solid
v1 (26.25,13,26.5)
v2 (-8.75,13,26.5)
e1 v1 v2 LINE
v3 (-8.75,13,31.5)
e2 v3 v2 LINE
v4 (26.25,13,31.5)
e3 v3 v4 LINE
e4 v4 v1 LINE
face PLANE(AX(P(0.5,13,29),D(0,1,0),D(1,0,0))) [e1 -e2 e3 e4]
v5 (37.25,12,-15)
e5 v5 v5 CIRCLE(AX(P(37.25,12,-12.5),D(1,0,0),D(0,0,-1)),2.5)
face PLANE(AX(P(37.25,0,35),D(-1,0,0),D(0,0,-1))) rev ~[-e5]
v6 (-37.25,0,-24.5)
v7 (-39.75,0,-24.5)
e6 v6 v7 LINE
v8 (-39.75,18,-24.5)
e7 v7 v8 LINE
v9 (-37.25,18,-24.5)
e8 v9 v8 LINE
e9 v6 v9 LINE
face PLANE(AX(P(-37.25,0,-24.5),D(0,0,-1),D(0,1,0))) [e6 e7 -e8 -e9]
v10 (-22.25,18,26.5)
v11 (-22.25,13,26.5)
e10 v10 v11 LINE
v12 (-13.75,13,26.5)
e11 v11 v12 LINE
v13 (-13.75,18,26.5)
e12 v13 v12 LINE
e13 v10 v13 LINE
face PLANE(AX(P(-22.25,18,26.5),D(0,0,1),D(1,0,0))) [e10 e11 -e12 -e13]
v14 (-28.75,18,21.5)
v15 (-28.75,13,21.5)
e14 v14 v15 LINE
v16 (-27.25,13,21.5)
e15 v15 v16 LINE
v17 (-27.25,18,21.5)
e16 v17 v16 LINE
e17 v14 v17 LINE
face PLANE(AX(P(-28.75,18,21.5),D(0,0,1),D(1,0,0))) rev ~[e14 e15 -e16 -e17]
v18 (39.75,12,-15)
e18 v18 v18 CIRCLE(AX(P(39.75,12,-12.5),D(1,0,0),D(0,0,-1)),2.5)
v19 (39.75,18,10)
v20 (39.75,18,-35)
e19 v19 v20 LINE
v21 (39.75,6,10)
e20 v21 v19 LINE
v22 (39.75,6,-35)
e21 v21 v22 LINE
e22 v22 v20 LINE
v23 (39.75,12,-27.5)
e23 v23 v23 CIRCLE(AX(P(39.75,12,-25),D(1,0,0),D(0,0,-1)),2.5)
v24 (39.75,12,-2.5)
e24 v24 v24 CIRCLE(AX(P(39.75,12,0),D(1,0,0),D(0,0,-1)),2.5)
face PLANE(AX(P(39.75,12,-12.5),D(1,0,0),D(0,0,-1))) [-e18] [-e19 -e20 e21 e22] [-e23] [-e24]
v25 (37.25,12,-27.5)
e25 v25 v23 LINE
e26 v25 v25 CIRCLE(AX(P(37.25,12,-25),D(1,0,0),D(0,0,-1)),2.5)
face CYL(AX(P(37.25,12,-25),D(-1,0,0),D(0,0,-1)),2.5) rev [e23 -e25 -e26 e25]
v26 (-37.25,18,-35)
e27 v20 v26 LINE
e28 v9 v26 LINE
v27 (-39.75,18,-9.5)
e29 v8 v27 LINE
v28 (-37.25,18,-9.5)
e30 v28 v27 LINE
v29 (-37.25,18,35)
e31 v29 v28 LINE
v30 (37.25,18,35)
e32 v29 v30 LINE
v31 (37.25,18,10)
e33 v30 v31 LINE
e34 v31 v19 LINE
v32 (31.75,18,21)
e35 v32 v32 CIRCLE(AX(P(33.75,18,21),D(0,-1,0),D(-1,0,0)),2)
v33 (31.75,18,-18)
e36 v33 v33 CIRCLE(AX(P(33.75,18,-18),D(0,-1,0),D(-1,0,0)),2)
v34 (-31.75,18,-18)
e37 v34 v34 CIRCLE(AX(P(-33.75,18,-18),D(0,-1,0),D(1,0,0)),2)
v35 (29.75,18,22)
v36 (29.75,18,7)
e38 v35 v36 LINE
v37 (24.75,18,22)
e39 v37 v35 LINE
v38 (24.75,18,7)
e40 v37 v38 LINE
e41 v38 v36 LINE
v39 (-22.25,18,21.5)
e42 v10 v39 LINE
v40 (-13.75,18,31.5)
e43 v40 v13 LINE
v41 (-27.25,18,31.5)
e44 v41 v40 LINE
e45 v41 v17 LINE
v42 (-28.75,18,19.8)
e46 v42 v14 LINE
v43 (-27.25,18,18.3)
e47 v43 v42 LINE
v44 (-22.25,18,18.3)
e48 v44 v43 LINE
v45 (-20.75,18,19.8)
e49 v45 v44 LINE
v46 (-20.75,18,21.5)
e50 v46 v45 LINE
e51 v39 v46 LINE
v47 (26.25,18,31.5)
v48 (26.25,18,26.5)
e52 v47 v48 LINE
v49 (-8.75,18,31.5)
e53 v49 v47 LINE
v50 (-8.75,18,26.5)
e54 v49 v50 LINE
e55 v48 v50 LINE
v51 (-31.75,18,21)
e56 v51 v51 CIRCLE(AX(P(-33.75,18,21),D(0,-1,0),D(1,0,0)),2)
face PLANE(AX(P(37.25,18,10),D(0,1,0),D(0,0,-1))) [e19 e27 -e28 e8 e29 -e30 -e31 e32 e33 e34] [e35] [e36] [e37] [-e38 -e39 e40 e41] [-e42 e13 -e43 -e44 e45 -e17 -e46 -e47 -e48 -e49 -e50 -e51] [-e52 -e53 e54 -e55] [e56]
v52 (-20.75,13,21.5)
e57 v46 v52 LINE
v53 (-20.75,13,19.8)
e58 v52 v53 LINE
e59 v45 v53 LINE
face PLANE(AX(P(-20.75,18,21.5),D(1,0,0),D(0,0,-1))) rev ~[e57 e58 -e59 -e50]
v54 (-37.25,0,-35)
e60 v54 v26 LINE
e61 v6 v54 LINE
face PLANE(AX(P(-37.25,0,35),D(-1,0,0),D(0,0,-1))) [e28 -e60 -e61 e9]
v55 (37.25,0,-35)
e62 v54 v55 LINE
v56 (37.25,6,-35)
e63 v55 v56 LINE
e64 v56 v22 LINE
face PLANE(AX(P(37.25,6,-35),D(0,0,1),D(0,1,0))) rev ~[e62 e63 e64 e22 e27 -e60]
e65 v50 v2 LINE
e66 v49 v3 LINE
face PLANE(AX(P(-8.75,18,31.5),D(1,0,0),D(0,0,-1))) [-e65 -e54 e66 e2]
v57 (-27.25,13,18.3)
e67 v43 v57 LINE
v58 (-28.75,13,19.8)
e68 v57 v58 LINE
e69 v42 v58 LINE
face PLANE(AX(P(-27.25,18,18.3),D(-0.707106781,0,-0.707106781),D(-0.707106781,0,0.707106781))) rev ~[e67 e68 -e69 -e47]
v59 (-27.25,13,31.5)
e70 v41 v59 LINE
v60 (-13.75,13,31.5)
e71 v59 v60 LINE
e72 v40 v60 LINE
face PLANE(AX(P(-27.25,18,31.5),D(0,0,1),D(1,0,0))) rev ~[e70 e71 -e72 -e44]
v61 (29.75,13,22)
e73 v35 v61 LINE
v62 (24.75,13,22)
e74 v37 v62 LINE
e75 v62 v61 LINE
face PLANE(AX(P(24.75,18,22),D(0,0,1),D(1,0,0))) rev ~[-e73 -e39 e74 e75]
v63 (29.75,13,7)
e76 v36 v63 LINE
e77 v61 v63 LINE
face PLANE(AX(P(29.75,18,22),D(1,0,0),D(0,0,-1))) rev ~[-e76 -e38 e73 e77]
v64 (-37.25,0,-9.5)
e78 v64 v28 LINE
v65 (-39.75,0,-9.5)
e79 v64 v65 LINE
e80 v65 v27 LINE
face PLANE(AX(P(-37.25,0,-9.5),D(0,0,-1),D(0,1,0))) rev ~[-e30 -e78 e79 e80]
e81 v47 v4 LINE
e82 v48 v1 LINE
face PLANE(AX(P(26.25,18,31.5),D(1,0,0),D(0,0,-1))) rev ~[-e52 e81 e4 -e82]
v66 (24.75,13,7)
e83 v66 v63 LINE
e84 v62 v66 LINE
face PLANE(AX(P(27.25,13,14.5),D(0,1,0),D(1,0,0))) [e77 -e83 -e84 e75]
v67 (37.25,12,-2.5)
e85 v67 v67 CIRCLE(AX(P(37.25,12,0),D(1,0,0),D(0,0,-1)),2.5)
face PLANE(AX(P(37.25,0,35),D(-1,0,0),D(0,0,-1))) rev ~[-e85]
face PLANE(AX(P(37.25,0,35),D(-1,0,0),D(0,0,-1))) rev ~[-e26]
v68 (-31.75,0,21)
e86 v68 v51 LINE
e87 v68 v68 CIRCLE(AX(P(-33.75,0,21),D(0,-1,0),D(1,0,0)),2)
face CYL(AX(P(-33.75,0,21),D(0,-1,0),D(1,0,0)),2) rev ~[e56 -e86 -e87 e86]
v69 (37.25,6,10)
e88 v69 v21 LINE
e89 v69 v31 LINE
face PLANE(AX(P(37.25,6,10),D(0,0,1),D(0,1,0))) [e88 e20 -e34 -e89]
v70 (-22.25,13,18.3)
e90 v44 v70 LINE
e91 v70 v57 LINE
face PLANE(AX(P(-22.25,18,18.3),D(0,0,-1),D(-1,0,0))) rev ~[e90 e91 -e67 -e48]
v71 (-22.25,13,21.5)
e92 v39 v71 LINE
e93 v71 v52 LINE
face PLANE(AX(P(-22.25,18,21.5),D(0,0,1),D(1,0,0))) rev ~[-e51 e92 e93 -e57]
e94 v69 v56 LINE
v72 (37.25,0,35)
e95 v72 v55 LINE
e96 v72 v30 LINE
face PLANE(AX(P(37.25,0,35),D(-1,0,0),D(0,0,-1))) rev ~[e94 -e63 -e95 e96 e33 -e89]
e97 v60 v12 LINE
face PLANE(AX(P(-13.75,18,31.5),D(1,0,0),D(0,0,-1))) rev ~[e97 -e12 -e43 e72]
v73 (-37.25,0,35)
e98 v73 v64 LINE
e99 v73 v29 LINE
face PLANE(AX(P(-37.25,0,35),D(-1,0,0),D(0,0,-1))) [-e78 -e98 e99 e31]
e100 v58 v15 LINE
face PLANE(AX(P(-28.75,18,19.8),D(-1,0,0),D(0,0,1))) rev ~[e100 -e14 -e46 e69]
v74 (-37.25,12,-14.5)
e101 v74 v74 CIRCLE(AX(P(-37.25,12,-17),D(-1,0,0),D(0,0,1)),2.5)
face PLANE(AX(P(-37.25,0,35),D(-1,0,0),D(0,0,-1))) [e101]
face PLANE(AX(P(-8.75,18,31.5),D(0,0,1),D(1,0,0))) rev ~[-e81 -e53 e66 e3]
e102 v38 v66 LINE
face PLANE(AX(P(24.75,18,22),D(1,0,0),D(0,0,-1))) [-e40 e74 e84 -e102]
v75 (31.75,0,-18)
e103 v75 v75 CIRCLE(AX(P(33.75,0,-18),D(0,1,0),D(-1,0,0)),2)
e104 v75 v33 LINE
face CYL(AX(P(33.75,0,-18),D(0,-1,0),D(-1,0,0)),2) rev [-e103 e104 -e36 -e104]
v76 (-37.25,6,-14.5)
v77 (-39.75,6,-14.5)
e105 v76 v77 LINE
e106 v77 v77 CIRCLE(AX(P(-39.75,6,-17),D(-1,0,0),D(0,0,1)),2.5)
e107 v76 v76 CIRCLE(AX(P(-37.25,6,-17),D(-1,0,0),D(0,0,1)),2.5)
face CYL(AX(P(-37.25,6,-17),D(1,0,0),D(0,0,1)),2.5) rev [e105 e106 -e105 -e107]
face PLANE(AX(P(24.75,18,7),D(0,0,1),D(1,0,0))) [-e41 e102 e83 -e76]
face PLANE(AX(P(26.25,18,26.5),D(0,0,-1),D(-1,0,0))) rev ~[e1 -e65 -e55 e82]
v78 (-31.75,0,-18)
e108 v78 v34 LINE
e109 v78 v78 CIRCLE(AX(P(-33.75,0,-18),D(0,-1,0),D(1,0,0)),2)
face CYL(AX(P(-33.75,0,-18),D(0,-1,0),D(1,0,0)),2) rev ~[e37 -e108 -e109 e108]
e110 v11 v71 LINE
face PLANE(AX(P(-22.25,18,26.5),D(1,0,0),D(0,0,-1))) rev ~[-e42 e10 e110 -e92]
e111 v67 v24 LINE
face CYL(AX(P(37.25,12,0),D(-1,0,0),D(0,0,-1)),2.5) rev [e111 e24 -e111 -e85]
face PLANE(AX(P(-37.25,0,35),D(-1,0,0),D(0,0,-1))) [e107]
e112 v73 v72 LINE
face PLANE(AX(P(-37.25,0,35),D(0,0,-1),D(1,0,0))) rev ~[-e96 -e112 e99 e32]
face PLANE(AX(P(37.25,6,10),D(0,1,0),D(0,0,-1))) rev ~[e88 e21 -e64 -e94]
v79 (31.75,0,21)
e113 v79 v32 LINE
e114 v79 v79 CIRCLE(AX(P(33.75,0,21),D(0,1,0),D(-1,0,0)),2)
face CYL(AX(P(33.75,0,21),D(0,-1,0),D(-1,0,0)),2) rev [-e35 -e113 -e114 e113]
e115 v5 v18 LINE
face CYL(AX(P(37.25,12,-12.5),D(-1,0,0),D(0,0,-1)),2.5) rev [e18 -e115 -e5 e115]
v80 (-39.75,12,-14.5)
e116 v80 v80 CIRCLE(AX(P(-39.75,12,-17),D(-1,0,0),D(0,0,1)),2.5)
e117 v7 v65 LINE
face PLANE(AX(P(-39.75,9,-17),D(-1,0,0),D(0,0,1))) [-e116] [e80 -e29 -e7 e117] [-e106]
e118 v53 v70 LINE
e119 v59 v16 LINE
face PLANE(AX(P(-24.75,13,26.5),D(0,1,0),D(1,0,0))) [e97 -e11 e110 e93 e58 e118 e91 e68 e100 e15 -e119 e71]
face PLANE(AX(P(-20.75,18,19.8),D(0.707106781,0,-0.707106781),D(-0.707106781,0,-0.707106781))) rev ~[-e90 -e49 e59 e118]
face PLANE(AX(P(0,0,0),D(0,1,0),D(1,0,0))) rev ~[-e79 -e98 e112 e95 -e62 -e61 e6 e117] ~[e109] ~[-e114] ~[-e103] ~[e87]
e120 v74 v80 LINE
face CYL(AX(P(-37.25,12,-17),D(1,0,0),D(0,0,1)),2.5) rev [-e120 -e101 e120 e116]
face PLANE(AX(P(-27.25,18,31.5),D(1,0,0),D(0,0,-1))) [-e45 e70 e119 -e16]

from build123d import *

# Parameters (mm, degrees)
SKETCH1_W           = 74.5
SKETCH1_H           = 70
BOSS_EXTRUDE1_DEPTH = 18
SKETCH3_W           = 5
SKETCH3_H           = 10
SKETCH3_W_2         = 8.5
SKETCH3_H_2         = 5
SKETCH3_W_3         = 18.5
SKETCH3_W_4         = 16.5
SKETCH3_H_3         = 15
CUT_EXTRUDE1_DEPTH  = 5
SKETCH4_W           = 45
SKETCH4_H           = 12
SKETCH4_R           = 2.5
BOSS_EXTRUDE2_DEPTH = 2.5
SKETCH5_W           = 15
SKETCH5_H           = 18
SKETCH5_R           = 2.5
BOSS_EXTRUDE3_DEPTH = 2.5
SKETCH6_R           = 2
CUT_EXTRUDE2_DEPTH  = 19


with BuildPart() as part:
    # Sketch1 → Boss-Extrude1 (new body)
    with BuildSketch(Plane(origin=(0, 0, 0), x_dir=(1, 0, 0), z_dir=(0, 1, 0))):
        Rectangle(SKETCH1_W, SKETCH1_H)
    extrude(amount=BOSS_EXTRUDE1_DEPTH)

    # Sketch3 → Cut-Extrude1 (cut)
    with BuildSketch(Plane(origin=(0, 18, 0), x_dir=(1, 0, 0), z_dir=(0, 1, 0))):
        with Locations((-24.75, -26.5)):
            Rectangle(SKETCH3_W, SKETCH3_H)
        with Locations((-18, -29)):
            Rectangle(SKETCH3_W_2, SKETCH3_H_2)
        Polygon((-28.75, -21.5), (-27.25, -21.5), (-22.25, -21.5), (-20.75, -21.5), (-20.75, -19.8), (-22.25, -18.3), (-27.25, -18.3), (-28.75, -19.8), align=None)
        with Locations((0.5, -29)):
            Rectangle(SKETCH3_W_3, SKETCH3_H_2)
        with Locations((18, -29)):
            Rectangle(SKETCH3_W_4, SKETCH3_H_2)
        with Locations((27.25, -14.5)):
            Rectangle(SKETCH3_W, SKETCH3_H_3)
    extrude(amount=-CUT_EXTRUDE1_DEPTH, mode=Mode.SUBTRACT)

    # Sketch4 → Boss-Extrude2 (add)
    with BuildSketch(Plane(origin=(37.25, 0, 0), x_dir=(0, 0, -1), z_dir=(1, 0, 0))):
        with Locations((12.5, 12)):
            Rectangle(SKETCH4_W, SKETCH4_H)
        with Locations((25, 12)):
            Circle(SKETCH4_R, mode=Mode.SUBTRACT)
        with Locations((12.5, 12)):
            Circle(SKETCH4_R, mode=Mode.SUBTRACT)
        with Locations((0, 12)):
            Circle(SKETCH4_R, mode=Mode.SUBTRACT)
    extrude(amount=BOSS_EXTRUDE2_DEPTH)

    # Sketch5 → Boss-Extrude3 (add)
    with BuildSketch(Plane.ZY.offset(37.25)):
        with Locations((-17, 9)):
            Rectangle(SKETCH5_W, SKETCH5_H)
        with Locations((-17, 12)):
            Circle(SKETCH5_R, mode=Mode.SUBTRACT)
        with Locations((-17, 6)):
            Circle(SKETCH5_R, mode=Mode.SUBTRACT)
    extrude(amount=BOSS_EXTRUDE3_DEPTH)

    # Sketch6 → Cut-Extrude2 (cut, through all)
    with BuildSketch(Plane.XZ):
        with Locations((-33.75, 21)):
            Circle(SKETCH6_R)
        with Locations((-33.75, -18)):
            Circle(SKETCH6_R)
    cut_extrude2 = extrude(amount=-CUT_EXTRUDE2_DEPTH, mode=Mode.SUBTRACT)

    # Mirror1: Cut-Extrude2 across plane
    add(cut_extrude2.mirror(Plane(origin=(0, 0, 0), x_dir=(0, 0, 1), z_dir=(1, 0, 0))), mode=Mode.SUBTRACT)


solid = part.part
